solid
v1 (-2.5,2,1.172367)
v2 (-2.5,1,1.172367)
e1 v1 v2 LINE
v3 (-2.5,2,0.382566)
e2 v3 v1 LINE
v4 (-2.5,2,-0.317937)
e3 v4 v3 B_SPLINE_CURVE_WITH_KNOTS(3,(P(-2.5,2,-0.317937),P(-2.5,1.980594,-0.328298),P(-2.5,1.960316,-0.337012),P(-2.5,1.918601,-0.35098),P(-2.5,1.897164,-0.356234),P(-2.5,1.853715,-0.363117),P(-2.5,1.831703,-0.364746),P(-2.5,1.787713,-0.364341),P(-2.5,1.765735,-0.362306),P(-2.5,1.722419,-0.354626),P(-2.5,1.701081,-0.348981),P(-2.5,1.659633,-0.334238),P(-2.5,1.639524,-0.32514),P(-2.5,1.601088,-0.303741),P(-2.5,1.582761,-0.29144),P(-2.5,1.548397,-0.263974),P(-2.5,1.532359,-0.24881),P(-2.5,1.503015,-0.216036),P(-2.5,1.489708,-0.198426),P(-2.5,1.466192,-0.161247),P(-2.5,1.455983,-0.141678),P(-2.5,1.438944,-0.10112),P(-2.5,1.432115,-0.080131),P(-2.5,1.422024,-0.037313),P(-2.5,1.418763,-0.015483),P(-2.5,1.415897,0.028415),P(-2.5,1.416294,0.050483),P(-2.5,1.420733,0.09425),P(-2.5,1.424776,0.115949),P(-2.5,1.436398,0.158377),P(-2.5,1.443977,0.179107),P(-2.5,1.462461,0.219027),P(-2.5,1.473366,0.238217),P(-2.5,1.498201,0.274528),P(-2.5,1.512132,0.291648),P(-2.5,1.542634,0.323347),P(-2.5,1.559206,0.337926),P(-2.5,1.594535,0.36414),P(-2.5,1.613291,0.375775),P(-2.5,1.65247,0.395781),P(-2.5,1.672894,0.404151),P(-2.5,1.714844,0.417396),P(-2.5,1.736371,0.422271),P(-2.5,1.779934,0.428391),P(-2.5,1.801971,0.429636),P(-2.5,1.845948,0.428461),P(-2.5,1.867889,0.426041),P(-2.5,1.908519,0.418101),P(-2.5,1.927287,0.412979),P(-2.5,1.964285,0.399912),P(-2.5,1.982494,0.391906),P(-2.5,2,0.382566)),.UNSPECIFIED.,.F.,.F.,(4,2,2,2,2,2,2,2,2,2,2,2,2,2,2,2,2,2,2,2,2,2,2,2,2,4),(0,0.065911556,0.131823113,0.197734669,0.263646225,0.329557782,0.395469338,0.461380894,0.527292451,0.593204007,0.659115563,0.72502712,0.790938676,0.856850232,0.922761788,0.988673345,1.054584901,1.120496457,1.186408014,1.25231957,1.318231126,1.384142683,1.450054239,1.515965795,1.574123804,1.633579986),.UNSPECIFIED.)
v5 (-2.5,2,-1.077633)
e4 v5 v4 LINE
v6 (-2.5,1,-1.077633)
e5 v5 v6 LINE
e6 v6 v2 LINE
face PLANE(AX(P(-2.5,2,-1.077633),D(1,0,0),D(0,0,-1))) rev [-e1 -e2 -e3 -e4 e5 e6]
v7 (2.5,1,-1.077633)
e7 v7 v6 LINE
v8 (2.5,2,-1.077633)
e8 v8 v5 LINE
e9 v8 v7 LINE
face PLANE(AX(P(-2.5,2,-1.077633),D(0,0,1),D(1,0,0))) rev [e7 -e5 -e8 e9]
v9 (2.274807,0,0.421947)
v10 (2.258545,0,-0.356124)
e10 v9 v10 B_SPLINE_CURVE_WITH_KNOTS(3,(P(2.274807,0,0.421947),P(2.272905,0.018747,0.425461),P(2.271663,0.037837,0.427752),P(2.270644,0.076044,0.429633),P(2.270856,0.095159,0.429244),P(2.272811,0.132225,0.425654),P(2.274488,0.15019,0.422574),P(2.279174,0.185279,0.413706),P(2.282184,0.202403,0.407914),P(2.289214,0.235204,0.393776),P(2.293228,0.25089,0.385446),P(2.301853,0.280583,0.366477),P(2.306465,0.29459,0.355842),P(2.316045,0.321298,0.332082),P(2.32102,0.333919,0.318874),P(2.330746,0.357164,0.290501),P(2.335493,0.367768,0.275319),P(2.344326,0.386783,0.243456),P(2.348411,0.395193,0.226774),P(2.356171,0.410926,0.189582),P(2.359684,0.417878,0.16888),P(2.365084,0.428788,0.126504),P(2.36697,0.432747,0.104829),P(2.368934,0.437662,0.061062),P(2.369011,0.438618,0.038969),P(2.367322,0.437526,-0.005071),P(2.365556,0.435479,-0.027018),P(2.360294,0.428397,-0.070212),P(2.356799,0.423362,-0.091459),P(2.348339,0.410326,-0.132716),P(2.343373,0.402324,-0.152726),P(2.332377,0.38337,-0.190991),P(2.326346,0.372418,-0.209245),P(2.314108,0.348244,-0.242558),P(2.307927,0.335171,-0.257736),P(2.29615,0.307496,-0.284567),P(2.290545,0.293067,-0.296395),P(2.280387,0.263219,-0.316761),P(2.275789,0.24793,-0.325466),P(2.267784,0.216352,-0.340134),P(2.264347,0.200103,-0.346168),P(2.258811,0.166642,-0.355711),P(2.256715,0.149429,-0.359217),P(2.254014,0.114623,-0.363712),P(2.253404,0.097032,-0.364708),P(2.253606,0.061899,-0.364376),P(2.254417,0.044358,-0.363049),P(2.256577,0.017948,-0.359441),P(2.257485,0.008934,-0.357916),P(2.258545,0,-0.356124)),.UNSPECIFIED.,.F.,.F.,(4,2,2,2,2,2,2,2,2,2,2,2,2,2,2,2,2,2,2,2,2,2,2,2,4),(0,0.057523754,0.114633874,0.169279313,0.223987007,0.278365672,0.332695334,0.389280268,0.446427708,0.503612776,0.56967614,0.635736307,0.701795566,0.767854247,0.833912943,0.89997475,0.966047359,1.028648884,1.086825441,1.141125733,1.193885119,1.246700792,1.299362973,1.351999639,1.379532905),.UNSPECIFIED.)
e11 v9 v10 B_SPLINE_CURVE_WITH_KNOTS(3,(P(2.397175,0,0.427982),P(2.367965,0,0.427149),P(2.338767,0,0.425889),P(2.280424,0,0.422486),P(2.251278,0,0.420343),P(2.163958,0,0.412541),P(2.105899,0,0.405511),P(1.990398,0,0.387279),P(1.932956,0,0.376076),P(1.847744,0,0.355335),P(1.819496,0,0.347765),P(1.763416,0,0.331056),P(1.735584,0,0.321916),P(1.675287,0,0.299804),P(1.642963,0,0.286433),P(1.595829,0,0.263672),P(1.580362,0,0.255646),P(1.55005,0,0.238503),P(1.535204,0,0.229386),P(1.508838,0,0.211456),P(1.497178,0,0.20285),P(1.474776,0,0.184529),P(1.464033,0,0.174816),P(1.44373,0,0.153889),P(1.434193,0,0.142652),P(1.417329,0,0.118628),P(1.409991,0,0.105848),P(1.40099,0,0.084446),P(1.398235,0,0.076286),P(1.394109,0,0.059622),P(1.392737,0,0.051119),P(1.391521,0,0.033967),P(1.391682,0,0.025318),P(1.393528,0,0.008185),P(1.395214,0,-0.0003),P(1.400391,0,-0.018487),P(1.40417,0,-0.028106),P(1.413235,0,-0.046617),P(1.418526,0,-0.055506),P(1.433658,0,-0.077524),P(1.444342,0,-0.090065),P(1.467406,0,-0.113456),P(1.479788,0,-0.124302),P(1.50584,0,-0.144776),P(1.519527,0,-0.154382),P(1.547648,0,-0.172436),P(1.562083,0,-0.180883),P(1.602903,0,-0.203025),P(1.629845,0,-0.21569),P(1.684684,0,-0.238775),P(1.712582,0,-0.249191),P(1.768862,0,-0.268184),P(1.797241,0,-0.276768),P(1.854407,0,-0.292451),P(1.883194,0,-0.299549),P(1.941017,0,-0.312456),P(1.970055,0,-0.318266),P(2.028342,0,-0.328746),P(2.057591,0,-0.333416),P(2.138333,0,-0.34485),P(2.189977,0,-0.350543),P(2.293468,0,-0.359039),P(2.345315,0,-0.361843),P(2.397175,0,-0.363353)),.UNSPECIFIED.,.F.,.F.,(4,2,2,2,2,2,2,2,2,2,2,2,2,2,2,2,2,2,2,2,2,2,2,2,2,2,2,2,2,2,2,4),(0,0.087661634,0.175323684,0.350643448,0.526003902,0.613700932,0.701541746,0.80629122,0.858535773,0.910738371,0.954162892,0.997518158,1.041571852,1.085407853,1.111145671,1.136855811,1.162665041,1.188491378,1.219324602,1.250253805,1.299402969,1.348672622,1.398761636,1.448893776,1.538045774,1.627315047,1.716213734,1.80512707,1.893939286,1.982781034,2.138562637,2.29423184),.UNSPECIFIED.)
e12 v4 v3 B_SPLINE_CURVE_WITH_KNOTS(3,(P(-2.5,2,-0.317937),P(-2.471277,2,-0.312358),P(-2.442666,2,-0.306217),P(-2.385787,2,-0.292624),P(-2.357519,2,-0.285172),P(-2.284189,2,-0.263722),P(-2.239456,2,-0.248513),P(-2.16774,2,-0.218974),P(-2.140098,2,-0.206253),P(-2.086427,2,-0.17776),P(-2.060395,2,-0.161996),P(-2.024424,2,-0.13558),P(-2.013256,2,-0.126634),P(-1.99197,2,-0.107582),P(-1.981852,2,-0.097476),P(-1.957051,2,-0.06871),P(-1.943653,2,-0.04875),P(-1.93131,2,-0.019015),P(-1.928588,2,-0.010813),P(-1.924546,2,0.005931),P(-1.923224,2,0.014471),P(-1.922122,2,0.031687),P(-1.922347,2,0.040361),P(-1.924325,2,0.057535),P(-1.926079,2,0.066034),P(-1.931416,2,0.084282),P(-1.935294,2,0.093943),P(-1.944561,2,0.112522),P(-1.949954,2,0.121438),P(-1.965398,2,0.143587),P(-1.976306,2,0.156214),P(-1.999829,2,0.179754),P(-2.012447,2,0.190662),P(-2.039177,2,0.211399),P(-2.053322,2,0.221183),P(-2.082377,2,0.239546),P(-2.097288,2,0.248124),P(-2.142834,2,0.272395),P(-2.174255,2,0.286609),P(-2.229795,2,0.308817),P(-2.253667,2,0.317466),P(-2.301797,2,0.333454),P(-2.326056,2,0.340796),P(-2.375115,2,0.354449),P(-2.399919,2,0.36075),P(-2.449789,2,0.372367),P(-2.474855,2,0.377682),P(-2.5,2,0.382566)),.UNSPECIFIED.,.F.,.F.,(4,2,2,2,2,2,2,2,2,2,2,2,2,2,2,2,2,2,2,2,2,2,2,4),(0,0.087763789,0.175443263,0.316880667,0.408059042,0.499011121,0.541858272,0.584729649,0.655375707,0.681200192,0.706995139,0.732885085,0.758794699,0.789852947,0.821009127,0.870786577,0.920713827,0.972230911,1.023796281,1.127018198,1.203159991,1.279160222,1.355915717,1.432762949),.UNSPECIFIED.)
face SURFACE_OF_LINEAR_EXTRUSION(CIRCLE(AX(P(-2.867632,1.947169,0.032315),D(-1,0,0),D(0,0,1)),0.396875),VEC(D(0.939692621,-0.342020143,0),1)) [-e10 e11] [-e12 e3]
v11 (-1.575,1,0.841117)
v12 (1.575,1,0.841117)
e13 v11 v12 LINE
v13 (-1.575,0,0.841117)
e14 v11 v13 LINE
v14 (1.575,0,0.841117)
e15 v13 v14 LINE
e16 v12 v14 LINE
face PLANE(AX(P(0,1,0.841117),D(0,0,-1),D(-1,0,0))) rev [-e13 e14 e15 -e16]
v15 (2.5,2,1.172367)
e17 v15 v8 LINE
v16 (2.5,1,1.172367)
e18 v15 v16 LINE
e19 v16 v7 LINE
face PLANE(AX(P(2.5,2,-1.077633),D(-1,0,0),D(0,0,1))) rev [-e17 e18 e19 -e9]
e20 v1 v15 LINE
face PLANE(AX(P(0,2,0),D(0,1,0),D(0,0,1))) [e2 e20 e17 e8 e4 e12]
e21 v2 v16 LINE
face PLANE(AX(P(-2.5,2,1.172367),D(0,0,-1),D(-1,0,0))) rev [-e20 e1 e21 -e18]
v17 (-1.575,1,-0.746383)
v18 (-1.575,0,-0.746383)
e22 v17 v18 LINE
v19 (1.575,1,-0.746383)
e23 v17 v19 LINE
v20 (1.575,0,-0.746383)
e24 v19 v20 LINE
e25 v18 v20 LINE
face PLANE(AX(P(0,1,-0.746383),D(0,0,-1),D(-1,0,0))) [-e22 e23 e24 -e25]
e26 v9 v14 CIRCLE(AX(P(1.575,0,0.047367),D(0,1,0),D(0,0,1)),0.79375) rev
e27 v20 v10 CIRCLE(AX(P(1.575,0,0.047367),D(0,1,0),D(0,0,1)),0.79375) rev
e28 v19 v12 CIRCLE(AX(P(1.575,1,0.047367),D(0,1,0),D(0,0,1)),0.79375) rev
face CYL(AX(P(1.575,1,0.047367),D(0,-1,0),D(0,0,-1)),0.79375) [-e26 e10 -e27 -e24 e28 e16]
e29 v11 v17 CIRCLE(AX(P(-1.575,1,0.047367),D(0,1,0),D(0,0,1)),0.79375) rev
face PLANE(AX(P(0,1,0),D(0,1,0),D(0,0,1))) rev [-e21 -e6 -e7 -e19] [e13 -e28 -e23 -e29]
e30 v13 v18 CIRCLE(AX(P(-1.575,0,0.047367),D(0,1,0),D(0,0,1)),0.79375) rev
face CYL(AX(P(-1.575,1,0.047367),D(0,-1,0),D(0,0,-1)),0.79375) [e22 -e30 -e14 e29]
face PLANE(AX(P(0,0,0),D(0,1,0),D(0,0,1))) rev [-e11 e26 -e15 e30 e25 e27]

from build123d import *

# Parameters (mm, degrees)
SKETCH1_W           = 3.15
SKETCH1_H           = 1.5875
BOSS_EXTRUDE1_DEPTH = 1
SKETCH5_W           = 5
SKETCH5_H           = 2.25
BOSS_EXTRUDE2_DEPTH = 1
SKETCH4_2_R         = 0.396875


with BuildPart() as part:
    # Sketch1 → Boss-Extrude1 (new body)
    with BuildSketch(Plane(origin=(0, 0, 0), x_dir=(1, 0, 0), z_dir=(0, 1, 0))):
        with Locations((0, -0.047367461)):
            Rectangle(SKETCH1_W, SKETCH1_H)
        with BuildLine():
            Line((-1.575, -0.841117461), (-1.575, 0.746382539))
            ThreePointArc((-1.575, 0.746382539), (-2.36875, -0.047367461), (-1.575, -0.841117461))
        make_face()
        with BuildLine():
            ThreePointArc((1.575, -0.841117461), (2.36875, -0.047367461), (1.575, 0.746382539))
            Line((1.575, 0.746382539), (1.575, -0.841117461))
        make_face()
    extrude(amount=BOSS_EXTRUDE1_DEPTH)

    # Sketch5 → Boss-Extrude2 (add)
    with BuildSketch(Plane(origin=(0, 1, 0), x_dir=(1, 0, 0), z_dir=(0, 1, 0))):
        with Locations((0, -0.047367461)):
            Rectangle(SKETCH5_W, SKETCH5_H)
    extrude(amount=BOSS_EXTRUDE2_DEPTH)

    # Cut-Sweep4: sweep along a path in Sketch6
    with BuildLine(Plane.XY) as cut_sweep4_path:
        Line((2.5, 0), (-2.867631708, 1.95365817))
    # Sketch4<2> → Cut-Sweep4 (sweep, cut)
    with BuildSketch(Plane(origin=(2.5, 1, 0), x_dir=(0, 0, 1), z_dir=(-1, 0, 0))):
        with Locations((0.032314724, -1.006488934)):
            Circle(SKETCH4_2_R)
    sweep(path=cut_sweep4_path.line, mode=Mode.SUBTRACT)


solid = part.part
